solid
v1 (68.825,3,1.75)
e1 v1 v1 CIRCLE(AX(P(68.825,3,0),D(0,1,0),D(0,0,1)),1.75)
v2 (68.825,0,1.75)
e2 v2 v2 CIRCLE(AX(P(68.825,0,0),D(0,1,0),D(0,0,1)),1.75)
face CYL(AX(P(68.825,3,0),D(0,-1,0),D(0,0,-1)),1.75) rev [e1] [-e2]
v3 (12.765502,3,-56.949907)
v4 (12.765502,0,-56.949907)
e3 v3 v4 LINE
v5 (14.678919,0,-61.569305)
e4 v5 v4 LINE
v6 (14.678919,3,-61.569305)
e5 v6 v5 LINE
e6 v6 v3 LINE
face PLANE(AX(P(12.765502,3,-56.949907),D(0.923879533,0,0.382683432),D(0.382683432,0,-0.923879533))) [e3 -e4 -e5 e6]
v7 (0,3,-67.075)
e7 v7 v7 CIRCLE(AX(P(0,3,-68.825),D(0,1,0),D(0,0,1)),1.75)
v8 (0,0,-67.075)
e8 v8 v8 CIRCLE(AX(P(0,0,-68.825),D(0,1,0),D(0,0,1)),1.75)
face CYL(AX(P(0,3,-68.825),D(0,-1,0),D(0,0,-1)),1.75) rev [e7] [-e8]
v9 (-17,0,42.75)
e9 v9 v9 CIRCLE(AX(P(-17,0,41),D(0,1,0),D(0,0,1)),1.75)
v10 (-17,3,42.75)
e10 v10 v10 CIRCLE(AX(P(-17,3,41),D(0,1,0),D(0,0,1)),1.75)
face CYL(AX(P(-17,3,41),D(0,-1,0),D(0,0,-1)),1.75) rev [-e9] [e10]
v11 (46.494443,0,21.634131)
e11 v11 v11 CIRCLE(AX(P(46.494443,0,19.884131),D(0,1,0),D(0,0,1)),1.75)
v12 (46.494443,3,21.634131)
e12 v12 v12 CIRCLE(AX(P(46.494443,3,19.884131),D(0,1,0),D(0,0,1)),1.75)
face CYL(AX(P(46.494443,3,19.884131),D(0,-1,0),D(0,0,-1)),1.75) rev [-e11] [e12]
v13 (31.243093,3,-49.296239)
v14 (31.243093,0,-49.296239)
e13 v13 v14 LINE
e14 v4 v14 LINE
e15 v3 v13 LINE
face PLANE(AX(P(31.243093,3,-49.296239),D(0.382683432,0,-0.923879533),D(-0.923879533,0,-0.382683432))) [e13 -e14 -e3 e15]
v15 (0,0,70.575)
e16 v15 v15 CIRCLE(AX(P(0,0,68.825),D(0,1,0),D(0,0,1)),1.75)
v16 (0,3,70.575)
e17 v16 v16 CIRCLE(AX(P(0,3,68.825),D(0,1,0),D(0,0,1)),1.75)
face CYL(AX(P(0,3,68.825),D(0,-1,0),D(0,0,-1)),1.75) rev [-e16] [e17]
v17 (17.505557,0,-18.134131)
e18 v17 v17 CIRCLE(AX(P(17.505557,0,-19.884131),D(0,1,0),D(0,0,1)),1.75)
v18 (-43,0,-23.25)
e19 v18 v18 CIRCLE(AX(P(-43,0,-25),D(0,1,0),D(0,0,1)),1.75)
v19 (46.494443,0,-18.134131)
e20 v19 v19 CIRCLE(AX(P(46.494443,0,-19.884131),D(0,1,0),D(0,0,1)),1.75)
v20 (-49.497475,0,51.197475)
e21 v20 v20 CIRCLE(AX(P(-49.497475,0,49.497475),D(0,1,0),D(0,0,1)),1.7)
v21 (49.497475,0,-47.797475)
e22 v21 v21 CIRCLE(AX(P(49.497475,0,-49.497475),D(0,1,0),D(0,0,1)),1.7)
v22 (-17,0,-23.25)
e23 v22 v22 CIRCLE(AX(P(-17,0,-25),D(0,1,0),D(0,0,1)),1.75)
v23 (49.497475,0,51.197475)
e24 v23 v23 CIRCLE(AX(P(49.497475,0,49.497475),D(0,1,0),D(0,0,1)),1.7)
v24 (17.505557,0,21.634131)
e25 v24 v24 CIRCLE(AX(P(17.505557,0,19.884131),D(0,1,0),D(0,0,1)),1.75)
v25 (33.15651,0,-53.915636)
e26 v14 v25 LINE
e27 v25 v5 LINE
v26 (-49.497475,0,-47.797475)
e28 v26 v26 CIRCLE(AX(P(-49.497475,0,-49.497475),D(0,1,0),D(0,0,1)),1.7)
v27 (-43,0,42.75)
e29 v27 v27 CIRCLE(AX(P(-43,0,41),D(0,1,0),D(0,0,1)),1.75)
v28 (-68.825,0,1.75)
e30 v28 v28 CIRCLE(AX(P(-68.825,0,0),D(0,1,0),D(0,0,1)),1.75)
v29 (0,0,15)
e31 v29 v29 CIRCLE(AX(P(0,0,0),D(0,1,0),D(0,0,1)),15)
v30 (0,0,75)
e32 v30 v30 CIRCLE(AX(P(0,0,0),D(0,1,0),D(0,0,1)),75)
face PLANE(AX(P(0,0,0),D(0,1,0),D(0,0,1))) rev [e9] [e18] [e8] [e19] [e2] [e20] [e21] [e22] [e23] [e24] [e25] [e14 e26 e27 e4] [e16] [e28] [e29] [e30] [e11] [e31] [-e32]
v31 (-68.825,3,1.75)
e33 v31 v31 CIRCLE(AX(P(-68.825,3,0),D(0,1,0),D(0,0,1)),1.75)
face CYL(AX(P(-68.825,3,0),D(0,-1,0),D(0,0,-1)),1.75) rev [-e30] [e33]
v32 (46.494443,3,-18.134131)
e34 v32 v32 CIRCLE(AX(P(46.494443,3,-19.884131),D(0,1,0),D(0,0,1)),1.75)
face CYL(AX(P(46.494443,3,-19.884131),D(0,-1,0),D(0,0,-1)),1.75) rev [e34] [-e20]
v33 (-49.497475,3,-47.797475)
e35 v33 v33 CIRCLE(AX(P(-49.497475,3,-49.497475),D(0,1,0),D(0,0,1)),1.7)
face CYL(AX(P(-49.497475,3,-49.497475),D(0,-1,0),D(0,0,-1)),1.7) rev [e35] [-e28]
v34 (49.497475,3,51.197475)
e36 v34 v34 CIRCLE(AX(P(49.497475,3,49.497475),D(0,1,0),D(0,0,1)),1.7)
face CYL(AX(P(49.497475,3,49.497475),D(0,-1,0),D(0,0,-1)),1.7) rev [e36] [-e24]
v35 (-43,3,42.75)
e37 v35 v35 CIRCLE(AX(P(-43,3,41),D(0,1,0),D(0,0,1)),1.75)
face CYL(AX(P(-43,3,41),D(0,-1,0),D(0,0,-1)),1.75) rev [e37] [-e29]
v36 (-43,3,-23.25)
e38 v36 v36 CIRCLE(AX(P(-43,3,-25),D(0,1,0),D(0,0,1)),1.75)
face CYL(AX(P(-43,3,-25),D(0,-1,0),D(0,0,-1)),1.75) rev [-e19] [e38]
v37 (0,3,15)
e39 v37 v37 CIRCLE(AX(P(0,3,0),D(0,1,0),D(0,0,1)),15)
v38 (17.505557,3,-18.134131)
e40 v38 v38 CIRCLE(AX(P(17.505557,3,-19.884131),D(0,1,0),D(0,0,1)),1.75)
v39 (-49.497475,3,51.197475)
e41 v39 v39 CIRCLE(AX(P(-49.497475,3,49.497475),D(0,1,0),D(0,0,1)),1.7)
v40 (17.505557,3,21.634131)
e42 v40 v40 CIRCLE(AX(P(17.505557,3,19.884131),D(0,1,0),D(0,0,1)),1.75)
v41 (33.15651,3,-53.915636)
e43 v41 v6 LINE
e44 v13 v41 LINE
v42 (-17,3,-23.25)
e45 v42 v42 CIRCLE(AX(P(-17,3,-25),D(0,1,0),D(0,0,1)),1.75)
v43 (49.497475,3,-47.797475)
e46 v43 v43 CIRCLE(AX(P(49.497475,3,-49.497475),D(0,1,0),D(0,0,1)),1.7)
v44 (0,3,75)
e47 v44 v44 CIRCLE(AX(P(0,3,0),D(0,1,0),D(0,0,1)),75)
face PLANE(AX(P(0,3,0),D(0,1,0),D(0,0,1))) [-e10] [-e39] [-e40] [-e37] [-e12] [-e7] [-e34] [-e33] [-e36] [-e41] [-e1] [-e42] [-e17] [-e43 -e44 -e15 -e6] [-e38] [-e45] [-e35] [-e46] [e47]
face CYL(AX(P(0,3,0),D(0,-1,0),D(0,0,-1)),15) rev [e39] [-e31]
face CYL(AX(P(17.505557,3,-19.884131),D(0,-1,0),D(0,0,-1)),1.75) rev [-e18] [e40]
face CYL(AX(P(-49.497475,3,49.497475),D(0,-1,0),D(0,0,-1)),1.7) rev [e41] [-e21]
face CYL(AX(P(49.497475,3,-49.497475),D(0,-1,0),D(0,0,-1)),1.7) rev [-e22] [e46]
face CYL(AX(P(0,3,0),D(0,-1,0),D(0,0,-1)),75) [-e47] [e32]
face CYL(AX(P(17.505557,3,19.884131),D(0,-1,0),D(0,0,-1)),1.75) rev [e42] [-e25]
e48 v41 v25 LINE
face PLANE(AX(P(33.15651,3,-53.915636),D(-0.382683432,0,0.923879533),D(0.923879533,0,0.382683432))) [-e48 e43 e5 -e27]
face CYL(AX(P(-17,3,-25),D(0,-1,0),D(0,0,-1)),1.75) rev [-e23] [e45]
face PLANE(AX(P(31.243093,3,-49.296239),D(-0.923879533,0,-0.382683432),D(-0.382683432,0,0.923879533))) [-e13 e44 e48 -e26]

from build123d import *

# Parameters (mm, degrees)
SKETCH1_R           = 75
SKETCH1_R_2         = 1.7
SKETCH1_R_3         = 15
BOSS_EXTRUDE1_DEPTH = 3
SKETCH2_R           = 1.75
CUT_EXTRUDE2_DEPTH  = 107.108435103
SKETCH3_R           = 1.75
CUT_EXTRUDE3_DEPTH  = 107.108435103


with BuildPart() as part:
    # Sketch1 → Boss-Extrude1 (new body)
    with BuildSketch(Plane(origin=(0, 0, 0), x_dir=(1, 0, 0), z_dir=(0, 1, 0))):
        with Locations(Location((0, 0, 0), (0, 0, 270))):
            Circle(SKETCH1_R)
        with Locations(Location((49.497474683, 49.497474683, 0), (0, 0, 270))):
            Circle(SKETCH1_R_2, mode=Mode.SUBTRACT)
        with Locations(Location((-49.497474683, 49.497474683, 0), (0, 0, 270))):
            Circle(SKETCH1_R_2, mode=Mode.SUBTRACT)
        with Locations(Location((-49.497474683, -49.497474683, 0), (0, 0, 270))):
            Circle(SKETCH1_R_2, mode=Mode.SUBTRACT)
        with Locations(Location((49.497474683, -49.497474683, 0), (0, 0, 270))):
            Circle(SKETCH1_R_2, mode=Mode.SUBTRACT)
        with Locations(Location((0, 0, 0), (0, 0, 270))):
            Circle(SKETCH1_R_3, mode=Mode.SUBTRACT)
    extrude(amount=BOSS_EXTRUDE1_DEPTH)

    # Sketch2 → Cut-Extrude2 (cut, through all)
    with BuildSketch(Plane(origin=(0, 0, 0), x_dir=(1, 0, 0), z_dir=(0, 1, 0))):
        with Locations(Location((0, 68.825, 0), (0, 0, 270))):
            Circle(SKETCH2_R)
        with Locations(Location((68.825, 0, 0), (0, 0, 270))):
            Circle(SKETCH2_R)
        with Locations(Location((0, -68.825, 0), (0, 0, 270))):
            Circle(SKETCH2_R)
        with Locations(Location((-68.825, 0, 0), (0, 0, 270))):
            Circle(SKETCH2_R)
    extrude(amount=CUT_EXTRUDE2_DEPTH, mode=Mode.SUBTRACT)

    # Sketch3 → Cut-Extrude3 (cut, through all)
    with BuildSketch(Plane(origin=(0, 0, 0), x_dir=(1, 0, 0), z_dir=(0, 1, 0))):
        with Locations(Location((-43, 25, 0), (0, 0, 270))):
            Circle(SKETCH3_R)
        with Locations(Location((-17, 25, 0), (0, 0, 270))):
            Circle(SKETCH3_R)
        with Locations(Location((-17, -41, 0), (0, 0, 270))):
            Circle(SKETCH3_R)
        with Locations(Location((-43, -41, 0), (0, 0, 270))):
            Circle(SKETCH3_R)
        with Locations(Location((17.505557347, 19.884131141, 0), (0, 0, 270))):
            Circle(SKETCH3_R)
        with Locations(Location((46.494442653, -19.884131141, 0), (0, 0, 270))):
            Circle(SKETCH3_R)
        with Locations(Location((46.494442653, 19.884131141, 0), (0, 0, 270))):
            Circle(SKETCH3_R)
        with Locations(Location((17.505557347, -19.884131141, 0), (0, 0, 270))):
            Circle(SKETCH3_R)
        Polygon((31.243092686, 49.296238796), (12.765502036, 56.949907443), (14.678919198, 61.569305106), (33.156509848, 53.915636458), align=None)
    extrude(amount=CUT_EXTRUDE3_DEPTH, mode=Mode.SUBTRACT)


solid = part.part
